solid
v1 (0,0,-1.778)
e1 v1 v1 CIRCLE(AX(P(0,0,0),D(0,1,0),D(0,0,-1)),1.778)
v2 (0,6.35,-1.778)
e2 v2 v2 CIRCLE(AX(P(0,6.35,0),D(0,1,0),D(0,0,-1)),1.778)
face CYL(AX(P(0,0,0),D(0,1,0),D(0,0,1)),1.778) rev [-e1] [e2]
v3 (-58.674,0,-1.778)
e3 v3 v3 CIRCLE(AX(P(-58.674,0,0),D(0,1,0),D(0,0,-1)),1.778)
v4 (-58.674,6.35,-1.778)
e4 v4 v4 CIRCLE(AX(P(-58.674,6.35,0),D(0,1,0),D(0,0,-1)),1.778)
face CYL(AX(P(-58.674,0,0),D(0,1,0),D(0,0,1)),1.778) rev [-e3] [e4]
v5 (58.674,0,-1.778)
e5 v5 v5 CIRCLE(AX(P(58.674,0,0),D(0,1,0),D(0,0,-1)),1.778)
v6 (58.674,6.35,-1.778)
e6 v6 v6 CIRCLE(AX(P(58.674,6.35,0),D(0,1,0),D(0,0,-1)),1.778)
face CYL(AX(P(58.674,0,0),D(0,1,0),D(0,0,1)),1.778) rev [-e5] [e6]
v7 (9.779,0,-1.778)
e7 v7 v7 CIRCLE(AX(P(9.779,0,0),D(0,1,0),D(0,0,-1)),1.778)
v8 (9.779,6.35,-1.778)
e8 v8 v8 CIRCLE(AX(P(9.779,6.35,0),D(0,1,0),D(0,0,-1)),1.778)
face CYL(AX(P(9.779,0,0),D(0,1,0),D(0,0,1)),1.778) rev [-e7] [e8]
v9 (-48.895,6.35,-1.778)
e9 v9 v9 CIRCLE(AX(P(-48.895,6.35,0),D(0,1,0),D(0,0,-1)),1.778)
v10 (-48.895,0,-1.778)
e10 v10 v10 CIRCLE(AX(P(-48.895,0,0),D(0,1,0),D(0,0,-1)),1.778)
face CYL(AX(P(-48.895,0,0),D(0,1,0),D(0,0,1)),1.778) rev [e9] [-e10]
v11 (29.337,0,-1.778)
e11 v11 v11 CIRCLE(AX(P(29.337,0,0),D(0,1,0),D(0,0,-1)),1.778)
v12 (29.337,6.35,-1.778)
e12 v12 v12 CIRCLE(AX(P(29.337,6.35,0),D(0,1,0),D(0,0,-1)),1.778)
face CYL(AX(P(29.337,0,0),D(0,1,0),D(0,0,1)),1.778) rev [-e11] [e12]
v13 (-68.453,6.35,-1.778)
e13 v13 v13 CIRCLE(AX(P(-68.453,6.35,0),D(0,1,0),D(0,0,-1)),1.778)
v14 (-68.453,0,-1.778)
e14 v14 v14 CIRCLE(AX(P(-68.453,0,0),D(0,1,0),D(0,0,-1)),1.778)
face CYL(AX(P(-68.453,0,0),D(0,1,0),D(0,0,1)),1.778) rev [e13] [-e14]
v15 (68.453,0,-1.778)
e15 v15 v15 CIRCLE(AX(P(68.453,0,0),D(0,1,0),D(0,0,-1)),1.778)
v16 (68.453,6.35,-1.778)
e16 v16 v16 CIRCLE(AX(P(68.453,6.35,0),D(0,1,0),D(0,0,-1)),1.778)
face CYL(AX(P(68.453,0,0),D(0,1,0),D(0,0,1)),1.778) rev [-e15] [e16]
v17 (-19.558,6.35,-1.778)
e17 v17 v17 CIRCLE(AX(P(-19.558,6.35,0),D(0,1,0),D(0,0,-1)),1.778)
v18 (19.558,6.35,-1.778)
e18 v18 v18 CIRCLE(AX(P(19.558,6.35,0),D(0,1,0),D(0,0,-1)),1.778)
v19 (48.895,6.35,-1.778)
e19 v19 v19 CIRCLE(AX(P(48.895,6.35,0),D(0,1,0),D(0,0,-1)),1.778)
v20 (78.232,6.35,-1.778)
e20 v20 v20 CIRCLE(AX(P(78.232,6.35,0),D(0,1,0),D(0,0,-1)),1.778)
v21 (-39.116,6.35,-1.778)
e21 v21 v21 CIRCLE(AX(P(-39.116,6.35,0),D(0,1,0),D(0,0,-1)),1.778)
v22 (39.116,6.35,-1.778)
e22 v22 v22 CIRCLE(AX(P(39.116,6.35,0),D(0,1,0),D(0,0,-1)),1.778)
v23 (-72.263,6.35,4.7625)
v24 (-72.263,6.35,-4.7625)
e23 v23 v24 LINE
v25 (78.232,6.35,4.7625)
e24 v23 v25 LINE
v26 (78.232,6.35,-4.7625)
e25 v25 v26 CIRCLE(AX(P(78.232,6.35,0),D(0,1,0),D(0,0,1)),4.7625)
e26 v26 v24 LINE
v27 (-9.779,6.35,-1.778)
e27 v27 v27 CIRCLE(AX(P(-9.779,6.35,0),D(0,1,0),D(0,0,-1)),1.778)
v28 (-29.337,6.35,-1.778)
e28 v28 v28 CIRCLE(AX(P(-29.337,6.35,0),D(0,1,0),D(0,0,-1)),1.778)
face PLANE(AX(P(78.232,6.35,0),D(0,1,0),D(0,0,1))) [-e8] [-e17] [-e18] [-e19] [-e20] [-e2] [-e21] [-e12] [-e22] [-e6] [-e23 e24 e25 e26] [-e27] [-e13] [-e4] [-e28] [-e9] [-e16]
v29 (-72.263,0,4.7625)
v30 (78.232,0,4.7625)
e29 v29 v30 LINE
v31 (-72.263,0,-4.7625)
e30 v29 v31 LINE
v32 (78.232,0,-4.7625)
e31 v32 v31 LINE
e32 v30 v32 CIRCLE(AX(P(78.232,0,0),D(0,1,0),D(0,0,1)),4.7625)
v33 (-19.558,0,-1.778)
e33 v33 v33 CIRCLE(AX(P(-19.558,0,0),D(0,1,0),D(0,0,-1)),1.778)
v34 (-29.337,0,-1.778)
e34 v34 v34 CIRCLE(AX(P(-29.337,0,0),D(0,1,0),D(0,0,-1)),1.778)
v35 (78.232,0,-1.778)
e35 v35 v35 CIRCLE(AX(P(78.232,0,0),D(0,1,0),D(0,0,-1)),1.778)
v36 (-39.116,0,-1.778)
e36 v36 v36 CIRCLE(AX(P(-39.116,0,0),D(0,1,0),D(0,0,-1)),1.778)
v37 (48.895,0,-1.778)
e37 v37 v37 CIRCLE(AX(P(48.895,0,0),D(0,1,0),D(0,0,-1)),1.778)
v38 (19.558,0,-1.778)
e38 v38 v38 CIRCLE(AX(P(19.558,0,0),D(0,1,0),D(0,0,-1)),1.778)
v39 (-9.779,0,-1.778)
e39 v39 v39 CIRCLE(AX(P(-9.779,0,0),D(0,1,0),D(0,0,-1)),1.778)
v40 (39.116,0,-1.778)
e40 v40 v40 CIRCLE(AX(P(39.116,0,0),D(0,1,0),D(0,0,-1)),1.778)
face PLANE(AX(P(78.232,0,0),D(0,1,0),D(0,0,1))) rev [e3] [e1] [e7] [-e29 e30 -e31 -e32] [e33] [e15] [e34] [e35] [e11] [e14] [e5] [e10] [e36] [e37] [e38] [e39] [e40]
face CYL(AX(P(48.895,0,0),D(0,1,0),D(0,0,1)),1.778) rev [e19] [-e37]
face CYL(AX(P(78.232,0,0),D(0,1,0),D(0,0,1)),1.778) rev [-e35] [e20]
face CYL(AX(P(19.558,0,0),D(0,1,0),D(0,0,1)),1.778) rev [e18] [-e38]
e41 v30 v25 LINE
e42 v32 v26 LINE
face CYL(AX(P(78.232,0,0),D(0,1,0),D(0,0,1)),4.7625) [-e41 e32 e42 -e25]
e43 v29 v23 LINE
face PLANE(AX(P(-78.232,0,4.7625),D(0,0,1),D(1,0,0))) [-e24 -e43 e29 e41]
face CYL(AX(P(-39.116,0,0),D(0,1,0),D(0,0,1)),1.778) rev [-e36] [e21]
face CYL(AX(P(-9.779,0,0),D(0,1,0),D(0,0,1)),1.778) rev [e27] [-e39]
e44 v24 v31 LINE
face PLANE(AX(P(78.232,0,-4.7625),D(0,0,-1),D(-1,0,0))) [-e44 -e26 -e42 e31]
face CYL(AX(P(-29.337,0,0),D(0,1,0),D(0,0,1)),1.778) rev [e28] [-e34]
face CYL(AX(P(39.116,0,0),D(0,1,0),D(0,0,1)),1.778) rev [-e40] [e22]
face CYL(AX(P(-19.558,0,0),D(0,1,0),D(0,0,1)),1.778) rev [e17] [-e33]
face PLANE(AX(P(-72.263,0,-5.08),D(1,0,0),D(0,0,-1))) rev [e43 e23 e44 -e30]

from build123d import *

# Parameters (mm, degrees)
SKETCH1_R           = 1.778
BOSS_EXTRUDE1_DEPTH = 6.35
SKETCH2_W           = 10.758447183
SKETCH2_H           = 9.8425
CUT_EXTRUDE1_DEPTH  = 84.373202748


with BuildPart() as part:
    # Sketch1 → Boss-Extrude1 (new body)
    with BuildSketch(Plane(origin=(0, 6.35, 0), x_dir=(1, 0, 0), z_dir=(0, 1, 0))):
        with BuildLine():
            Line((78.232, 4.7625), (-78.232, 4.7625))
            ThreePointArc((-78.232, 4.7625), (-82.9945, 0), (-78.232, -4.7625))
            Line((-78.232, -4.7625), (78.232, -4.7625))
            ThreePointArc((78.232, -4.7625), (82.9945, 0), (78.232, 4.7625))
        make_face()
        with Locations(Location((78.232, 0, 0), (0, 0, 90))):
            Circle(SKETCH1_R, mode=Mode.SUBTRACT)
        with Locations(Location((68.453, 0, 0), (0, 0, 90))):
            Circle(SKETCH1_R, mode=Mode.SUBTRACT)
        with Locations(Location((58.674, 0, 0), (0, 0, 90))):
            Circle(SKETCH1_R, mode=Mode.SUBTRACT)
        with Locations(Location((48.895, 0, 0), (0, 0, 90))):
            Circle(SKETCH1_R, mode=Mode.SUBTRACT)
        with Locations(Location((39.116, 0, 0), (0, 0, 90))):
            Circle(SKETCH1_R, mode=Mode.SUBTRACT)
        with Locations(Location((29.337, 0, 0), (0, 0, 90))):
            Circle(SKETCH1_R, mode=Mode.SUBTRACT)
        with Locations(Location((19.558, 0, 0), (0, 0, 90))):
            Circle(SKETCH1_R, mode=Mode.SUBTRACT)
        with Locations(Location((9.779, 0, 0), (0, 0, 90))):
            Circle(SKETCH1_R, mode=Mode.SUBTRACT)
        with Locations(Location((0, 0, 0), (0, 0, 90))):
            Circle(SKETCH1_R, mode=Mode.SUBTRACT)
        with Locations(Location((-9.779, 0, 0), (0, 0, 90))):
            Circle(SKETCH1_R, mode=Mode.SUBTRACT)
        with Locations(Location((-19.558, 0, 0), (0, 0, 90))):
            Circle(SKETCH1_R, mode=Mode.SUBTRACT)
        with Locations(Location((-29.337, 0, 0), (0, 0, 90))):
            Circle(SKETCH1_R, mode=Mode.SUBTRACT)
        with Locations(Location((-39.116, 0, 0), (0, 0, 90))):
            Circle(SKETCH1_R, mode=Mode.SUBTRACT)
        with Locations(Location((-48.895, 0, 0), (0, 0, 90))):
            Circle(SKETCH1_R, mode=Mode.SUBTRACT)
        with Locations(Location((-58.674, 0, 0), (0, 0, 90))):
            Circle(SKETCH1_R, mode=Mode.SUBTRACT)
        with Locations(Location((-68.453, 0, 0), (0, 0, 90))):
            Circle(SKETCH1_R, mode=Mode.SUBTRACT)
        with Locations(Location((-78.232, 0, 0), (0, 0, 90))):
            Circle(SKETCH1_R, mode=Mode.SUBTRACT)
    extrude(amount=-BOSS_EXTRUDE1_DEPTH)

    # Sketch2 → Cut-Extrude1 (cut, through all)
    with BuildSketch(Plane(origin=(0, 6.35, 0), x_dir=(1, 0, 0), z_dir=(0, 1, 0))):
        with Locations((-77.642223591, 0.15875)):
            Rectangle(SKETCH2_W, SKETCH2_H)
    extrude(amount=-CUT_EXTRUDE1_DEPTH, mode=Mode.SUBTRACT)


solid = part.part
